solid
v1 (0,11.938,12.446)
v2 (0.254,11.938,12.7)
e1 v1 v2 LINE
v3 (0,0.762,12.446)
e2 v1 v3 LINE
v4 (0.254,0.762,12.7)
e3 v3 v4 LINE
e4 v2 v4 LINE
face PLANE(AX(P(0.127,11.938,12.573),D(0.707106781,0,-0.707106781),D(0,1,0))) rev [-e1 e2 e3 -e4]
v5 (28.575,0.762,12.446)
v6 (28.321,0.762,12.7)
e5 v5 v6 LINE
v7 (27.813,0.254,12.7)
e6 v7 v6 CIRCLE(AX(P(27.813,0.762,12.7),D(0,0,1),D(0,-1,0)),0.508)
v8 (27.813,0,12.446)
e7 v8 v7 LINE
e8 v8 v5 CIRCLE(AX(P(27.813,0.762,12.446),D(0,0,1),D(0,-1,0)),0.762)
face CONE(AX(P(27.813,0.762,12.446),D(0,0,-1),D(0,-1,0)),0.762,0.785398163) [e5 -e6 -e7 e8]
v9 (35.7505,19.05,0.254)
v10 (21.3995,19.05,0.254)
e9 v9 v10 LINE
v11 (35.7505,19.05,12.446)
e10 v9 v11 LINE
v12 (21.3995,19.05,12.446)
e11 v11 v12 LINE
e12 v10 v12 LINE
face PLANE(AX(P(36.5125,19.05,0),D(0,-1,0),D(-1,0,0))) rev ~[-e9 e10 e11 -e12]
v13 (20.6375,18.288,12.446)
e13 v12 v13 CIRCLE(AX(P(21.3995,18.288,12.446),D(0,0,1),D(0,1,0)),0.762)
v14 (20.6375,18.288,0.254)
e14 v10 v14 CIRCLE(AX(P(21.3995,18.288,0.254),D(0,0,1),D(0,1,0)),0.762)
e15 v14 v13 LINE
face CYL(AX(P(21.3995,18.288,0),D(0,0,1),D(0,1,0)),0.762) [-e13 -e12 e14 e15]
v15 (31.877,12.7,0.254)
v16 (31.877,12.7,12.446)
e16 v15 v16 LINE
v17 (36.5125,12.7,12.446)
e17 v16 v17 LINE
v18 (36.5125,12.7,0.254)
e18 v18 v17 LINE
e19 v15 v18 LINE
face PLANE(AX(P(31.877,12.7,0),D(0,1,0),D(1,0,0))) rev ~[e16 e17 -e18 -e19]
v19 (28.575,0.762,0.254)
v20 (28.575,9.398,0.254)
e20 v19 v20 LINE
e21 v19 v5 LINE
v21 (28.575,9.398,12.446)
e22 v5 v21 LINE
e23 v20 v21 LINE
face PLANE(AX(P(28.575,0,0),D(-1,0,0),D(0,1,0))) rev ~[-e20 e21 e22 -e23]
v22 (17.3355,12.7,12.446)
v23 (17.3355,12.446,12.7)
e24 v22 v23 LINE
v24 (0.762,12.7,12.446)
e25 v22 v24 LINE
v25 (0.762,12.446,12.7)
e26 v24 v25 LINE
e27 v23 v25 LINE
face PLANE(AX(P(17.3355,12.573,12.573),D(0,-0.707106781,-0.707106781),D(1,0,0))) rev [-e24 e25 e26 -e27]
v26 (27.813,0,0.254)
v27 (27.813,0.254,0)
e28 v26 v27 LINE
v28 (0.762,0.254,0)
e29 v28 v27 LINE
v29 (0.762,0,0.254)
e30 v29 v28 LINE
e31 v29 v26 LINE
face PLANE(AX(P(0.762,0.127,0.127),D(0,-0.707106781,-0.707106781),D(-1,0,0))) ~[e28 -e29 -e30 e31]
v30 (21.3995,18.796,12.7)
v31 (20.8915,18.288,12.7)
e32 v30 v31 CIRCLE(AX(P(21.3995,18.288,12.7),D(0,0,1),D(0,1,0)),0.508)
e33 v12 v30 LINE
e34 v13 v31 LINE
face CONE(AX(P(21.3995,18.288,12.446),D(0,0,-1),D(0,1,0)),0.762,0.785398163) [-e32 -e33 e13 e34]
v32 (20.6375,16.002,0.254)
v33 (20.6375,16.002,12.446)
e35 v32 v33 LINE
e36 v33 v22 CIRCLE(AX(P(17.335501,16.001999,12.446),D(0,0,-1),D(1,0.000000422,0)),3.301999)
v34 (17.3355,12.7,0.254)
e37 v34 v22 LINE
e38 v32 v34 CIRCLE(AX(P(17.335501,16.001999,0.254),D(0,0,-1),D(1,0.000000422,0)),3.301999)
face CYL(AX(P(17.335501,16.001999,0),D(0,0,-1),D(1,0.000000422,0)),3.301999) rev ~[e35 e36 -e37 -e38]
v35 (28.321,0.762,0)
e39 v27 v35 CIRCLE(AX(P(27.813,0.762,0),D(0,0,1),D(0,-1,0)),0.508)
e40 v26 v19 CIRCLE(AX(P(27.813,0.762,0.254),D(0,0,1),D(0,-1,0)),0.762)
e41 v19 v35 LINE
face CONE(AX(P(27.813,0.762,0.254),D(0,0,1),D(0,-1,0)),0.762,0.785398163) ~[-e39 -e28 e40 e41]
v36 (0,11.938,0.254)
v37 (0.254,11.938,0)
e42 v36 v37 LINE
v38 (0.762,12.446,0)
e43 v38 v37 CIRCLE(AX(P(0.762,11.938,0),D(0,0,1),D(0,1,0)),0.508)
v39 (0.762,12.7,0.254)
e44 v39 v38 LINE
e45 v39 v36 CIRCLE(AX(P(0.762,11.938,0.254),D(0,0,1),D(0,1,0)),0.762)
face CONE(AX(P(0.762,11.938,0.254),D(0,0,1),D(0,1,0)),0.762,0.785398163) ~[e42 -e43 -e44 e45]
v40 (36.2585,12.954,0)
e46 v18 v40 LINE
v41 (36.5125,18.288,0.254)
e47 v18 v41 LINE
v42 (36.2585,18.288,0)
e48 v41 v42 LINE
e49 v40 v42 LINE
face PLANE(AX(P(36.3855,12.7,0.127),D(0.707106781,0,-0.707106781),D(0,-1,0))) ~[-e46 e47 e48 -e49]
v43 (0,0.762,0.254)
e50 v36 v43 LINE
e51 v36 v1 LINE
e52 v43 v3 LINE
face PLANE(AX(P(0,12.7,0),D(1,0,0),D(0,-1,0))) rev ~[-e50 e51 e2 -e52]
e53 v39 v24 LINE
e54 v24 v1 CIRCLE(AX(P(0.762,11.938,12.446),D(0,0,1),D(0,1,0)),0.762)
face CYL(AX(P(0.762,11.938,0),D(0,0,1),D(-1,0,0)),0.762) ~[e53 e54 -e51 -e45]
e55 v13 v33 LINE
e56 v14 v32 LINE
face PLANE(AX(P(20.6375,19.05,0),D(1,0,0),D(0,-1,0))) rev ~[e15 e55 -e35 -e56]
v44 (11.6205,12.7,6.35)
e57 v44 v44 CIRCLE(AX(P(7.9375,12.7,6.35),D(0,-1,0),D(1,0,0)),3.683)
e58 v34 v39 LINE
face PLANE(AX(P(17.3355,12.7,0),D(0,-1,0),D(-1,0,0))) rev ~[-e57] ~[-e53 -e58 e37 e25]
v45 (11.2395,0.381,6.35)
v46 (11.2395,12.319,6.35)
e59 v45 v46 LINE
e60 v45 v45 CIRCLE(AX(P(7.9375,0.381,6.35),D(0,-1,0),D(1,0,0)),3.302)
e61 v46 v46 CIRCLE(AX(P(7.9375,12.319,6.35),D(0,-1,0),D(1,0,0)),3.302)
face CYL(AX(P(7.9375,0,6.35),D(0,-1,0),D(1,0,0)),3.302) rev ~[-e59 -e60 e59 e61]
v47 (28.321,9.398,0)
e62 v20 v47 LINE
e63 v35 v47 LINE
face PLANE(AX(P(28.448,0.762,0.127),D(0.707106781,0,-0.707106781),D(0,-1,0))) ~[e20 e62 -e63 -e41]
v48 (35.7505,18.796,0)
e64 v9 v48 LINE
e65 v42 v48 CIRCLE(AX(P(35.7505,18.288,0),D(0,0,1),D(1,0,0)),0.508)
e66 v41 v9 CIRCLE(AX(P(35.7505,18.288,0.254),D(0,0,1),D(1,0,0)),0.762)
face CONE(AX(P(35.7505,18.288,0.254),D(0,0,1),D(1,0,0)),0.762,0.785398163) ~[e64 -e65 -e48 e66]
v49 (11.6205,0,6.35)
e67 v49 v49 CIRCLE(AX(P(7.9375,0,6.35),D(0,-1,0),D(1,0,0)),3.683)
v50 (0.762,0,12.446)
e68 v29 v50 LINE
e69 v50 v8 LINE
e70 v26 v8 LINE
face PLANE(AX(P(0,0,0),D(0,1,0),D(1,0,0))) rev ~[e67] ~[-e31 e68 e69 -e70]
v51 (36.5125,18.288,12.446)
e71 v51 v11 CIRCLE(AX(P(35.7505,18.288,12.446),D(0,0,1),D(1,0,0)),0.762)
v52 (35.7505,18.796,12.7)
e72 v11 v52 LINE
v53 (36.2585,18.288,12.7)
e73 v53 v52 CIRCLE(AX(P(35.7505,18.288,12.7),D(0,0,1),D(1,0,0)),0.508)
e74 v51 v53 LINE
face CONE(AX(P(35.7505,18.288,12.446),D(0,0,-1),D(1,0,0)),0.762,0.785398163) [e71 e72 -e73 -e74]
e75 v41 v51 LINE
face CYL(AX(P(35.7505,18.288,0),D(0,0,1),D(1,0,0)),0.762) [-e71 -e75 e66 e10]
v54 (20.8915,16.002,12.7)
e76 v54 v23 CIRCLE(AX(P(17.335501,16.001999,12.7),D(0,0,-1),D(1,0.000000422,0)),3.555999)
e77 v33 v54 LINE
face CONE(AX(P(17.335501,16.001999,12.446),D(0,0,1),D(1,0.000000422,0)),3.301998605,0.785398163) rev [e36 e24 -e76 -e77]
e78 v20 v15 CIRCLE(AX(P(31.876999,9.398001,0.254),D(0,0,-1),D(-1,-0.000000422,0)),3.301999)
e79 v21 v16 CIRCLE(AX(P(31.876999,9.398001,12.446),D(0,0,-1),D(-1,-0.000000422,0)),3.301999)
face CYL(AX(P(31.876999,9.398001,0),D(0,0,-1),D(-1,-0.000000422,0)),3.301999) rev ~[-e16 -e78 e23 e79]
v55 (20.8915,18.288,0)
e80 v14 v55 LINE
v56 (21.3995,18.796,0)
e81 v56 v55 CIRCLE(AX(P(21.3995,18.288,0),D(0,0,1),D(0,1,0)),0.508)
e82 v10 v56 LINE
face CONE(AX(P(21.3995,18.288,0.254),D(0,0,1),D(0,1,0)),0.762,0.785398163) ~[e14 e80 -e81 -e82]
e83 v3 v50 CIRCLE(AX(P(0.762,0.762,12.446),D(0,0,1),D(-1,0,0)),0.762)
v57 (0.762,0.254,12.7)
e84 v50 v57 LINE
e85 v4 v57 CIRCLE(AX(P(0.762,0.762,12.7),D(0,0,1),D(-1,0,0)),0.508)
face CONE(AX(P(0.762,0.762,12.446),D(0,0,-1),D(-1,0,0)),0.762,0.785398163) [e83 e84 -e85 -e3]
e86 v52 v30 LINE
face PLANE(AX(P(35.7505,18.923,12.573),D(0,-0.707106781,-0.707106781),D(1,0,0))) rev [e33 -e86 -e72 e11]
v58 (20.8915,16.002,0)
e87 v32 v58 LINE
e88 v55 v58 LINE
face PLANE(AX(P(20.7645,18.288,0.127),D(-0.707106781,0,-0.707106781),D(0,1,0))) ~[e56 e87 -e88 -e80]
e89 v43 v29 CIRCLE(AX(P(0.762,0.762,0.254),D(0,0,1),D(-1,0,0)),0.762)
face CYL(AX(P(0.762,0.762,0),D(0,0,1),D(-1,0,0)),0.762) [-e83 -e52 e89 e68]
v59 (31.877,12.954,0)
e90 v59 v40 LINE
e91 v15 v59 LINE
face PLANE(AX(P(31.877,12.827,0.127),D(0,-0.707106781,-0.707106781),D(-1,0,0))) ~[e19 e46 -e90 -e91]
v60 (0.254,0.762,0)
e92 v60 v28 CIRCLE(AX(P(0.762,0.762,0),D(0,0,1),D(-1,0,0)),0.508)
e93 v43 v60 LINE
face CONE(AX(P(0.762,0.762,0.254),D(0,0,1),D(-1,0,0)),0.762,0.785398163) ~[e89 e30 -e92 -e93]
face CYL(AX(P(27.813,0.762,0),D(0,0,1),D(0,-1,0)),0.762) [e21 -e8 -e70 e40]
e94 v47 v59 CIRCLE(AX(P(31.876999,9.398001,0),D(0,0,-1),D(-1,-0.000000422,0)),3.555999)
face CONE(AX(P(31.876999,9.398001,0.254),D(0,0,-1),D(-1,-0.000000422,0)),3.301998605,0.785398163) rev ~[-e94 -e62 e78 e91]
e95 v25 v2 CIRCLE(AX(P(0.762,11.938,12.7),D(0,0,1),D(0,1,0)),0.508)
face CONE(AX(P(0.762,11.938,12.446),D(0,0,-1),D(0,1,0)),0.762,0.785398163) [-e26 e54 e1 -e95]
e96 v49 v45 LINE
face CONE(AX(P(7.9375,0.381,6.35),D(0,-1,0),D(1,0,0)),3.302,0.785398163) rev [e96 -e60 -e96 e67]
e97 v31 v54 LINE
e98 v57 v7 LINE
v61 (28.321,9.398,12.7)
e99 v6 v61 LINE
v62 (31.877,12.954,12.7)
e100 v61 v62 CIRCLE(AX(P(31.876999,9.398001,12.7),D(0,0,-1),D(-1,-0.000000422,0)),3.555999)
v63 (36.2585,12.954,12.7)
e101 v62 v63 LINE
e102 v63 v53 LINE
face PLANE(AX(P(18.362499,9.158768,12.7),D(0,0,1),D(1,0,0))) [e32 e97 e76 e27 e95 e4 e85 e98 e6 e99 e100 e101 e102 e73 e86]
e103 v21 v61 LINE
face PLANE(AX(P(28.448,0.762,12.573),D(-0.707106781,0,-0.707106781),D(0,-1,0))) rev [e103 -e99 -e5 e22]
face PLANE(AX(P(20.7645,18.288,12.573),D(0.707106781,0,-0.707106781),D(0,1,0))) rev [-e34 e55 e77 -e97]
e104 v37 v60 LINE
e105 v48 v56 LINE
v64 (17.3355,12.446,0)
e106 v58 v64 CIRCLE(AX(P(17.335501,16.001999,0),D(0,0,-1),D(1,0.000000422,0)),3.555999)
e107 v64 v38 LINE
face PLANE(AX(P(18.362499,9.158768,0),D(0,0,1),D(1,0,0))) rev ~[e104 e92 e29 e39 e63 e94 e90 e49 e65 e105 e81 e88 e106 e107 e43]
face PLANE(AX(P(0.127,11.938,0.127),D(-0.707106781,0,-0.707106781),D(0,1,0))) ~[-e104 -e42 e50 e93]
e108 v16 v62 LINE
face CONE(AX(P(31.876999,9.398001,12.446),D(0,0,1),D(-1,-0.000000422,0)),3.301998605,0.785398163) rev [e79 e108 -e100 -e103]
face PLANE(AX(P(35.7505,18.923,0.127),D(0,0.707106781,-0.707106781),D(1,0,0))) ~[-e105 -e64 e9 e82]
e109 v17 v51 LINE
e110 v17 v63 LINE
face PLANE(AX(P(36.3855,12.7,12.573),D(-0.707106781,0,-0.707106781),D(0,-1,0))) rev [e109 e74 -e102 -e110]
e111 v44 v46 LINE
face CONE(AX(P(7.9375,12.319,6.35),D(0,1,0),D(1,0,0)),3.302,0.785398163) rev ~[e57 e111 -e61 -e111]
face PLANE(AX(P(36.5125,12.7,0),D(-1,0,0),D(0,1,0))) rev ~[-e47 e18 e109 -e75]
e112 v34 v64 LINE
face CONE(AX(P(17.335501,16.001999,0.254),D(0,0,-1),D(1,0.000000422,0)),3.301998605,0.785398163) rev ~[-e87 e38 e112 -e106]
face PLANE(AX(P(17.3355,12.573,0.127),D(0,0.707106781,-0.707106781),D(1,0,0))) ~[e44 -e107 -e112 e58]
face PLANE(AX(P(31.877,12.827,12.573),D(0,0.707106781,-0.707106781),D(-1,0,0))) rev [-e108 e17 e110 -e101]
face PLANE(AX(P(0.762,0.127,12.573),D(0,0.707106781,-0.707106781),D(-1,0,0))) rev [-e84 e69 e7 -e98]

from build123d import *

# Parameters (mm, degrees)
F1_DEPTH = 12.7
F2_R     = 0.762
F3_R     = 3.302
F4_DEPTH = 19.051
F5_SIZE  = 0.381
F6_SIZE  = 0.254


with BuildPart() as f1:
    # F0 (on Top) → F1 (new body)
    with BuildSketch(Plane.XY):
        with BuildLine():
            Line((0, 12.7), (0, 0))
            Line((0, 0), (28.575, 0))
            Line((28.575, 0), (28.575, 9.398))
            ThreePointArc((28.575, 9.398), (29.542133, 11.732867), (31.877, 12.7))
            Line((31.877, 12.7), (36.5125, 12.7))
            Line((36.5125, 12.7), (36.5125, 19.05))
            Line((36.5125, 19.05), (20.6375, 19.05))
            Line((20.6375, 19.05), (20.6375, 16.002))
            ThreePointArc((20.6375, 16.002), (19.670367, 13.667133), (17.3355, 12.7))
            Line((17.3355, 12.7), (0, 12.7))
        make_face()
    extrude(amount=F1_DEPTH)

    # F2
    f2_edges = [f1.edges().sort_by_distance(p)[0] for p in [
        (28.575, 0, 6.35),
        (0, 0, 6.35),
        (0, 12.7, 6.35),
        (20.6375, 19.05, 6.35),
        (36.5125, 19.05, 6.35),
    ]]
    fillet(f2_edges, radius=F2_R)

    # F3 (on face) → F4 (cut, through all)
    with BuildSketch(Plane.XZ):
        with Locations((7.9375, 6.35)):
            Circle(F3_R)
    extrude(amount=-F4_DEPTH, mode=Mode.SUBTRACT)

    # F5
    f5_edges = [f1.edges().sort_by_distance(p)[0] for p in [
        (4.6355, 12.7, 6.35),
        (4.6355, 0, 6.35),
    ]]
    chamfer(f5_edges, length=F5_SIZE)

    # F6
    f6_edges = [f1.edges().sort_by_distance(p)[0] for p in [
        (9.04875, 12.7, 12.7),
        (0.223185, 12.476815, 12.7),
        (19.670367, 13.667133, 12.7),
        (0, 6.35, 12.7),
        (20.6375, 17.145, 12.7),
        (0.223185, 0.223185, 12.7),
        (20.860685, 18.826815, 12.7),
        (14.2875, 0, 12.7),
        (28.575, 19.05, 12.7),
        (28.351815, 0.223185, 12.7),
        (36.289315, 18.826815, 12.7),
        (28.575, 5.08, 12.7),
        (36.5125, 15.494, 12.7),
        (29.542133, 11.732867, 12.7),
        (34.19475, 12.7, 12.7),
        (9.04875, 12.7, 0),
        (0.223185, 12.476815, 0),
        (19.670367, 13.667133, 0),
        (0, 6.35, 0),
        (20.6375, 17.145, 0),
        (0.223185, 0.223185, 0),
        (20.860685, 18.826815, 0),
        (14.2875, 0, 0),
        (28.575, 19.05, 0),
        (28.351815, 0.223185, 0),
        (36.289315, 18.826815, 0),
        (28.575, 5.08, 0),
        (36.5125, 15.494, 0),
        (29.542133, 11.732867, 0),
        (34.19475, 12.7, 0),
    ]]
    chamfer(f6_edges, length=F6_SIZE)


solid = f1.part
